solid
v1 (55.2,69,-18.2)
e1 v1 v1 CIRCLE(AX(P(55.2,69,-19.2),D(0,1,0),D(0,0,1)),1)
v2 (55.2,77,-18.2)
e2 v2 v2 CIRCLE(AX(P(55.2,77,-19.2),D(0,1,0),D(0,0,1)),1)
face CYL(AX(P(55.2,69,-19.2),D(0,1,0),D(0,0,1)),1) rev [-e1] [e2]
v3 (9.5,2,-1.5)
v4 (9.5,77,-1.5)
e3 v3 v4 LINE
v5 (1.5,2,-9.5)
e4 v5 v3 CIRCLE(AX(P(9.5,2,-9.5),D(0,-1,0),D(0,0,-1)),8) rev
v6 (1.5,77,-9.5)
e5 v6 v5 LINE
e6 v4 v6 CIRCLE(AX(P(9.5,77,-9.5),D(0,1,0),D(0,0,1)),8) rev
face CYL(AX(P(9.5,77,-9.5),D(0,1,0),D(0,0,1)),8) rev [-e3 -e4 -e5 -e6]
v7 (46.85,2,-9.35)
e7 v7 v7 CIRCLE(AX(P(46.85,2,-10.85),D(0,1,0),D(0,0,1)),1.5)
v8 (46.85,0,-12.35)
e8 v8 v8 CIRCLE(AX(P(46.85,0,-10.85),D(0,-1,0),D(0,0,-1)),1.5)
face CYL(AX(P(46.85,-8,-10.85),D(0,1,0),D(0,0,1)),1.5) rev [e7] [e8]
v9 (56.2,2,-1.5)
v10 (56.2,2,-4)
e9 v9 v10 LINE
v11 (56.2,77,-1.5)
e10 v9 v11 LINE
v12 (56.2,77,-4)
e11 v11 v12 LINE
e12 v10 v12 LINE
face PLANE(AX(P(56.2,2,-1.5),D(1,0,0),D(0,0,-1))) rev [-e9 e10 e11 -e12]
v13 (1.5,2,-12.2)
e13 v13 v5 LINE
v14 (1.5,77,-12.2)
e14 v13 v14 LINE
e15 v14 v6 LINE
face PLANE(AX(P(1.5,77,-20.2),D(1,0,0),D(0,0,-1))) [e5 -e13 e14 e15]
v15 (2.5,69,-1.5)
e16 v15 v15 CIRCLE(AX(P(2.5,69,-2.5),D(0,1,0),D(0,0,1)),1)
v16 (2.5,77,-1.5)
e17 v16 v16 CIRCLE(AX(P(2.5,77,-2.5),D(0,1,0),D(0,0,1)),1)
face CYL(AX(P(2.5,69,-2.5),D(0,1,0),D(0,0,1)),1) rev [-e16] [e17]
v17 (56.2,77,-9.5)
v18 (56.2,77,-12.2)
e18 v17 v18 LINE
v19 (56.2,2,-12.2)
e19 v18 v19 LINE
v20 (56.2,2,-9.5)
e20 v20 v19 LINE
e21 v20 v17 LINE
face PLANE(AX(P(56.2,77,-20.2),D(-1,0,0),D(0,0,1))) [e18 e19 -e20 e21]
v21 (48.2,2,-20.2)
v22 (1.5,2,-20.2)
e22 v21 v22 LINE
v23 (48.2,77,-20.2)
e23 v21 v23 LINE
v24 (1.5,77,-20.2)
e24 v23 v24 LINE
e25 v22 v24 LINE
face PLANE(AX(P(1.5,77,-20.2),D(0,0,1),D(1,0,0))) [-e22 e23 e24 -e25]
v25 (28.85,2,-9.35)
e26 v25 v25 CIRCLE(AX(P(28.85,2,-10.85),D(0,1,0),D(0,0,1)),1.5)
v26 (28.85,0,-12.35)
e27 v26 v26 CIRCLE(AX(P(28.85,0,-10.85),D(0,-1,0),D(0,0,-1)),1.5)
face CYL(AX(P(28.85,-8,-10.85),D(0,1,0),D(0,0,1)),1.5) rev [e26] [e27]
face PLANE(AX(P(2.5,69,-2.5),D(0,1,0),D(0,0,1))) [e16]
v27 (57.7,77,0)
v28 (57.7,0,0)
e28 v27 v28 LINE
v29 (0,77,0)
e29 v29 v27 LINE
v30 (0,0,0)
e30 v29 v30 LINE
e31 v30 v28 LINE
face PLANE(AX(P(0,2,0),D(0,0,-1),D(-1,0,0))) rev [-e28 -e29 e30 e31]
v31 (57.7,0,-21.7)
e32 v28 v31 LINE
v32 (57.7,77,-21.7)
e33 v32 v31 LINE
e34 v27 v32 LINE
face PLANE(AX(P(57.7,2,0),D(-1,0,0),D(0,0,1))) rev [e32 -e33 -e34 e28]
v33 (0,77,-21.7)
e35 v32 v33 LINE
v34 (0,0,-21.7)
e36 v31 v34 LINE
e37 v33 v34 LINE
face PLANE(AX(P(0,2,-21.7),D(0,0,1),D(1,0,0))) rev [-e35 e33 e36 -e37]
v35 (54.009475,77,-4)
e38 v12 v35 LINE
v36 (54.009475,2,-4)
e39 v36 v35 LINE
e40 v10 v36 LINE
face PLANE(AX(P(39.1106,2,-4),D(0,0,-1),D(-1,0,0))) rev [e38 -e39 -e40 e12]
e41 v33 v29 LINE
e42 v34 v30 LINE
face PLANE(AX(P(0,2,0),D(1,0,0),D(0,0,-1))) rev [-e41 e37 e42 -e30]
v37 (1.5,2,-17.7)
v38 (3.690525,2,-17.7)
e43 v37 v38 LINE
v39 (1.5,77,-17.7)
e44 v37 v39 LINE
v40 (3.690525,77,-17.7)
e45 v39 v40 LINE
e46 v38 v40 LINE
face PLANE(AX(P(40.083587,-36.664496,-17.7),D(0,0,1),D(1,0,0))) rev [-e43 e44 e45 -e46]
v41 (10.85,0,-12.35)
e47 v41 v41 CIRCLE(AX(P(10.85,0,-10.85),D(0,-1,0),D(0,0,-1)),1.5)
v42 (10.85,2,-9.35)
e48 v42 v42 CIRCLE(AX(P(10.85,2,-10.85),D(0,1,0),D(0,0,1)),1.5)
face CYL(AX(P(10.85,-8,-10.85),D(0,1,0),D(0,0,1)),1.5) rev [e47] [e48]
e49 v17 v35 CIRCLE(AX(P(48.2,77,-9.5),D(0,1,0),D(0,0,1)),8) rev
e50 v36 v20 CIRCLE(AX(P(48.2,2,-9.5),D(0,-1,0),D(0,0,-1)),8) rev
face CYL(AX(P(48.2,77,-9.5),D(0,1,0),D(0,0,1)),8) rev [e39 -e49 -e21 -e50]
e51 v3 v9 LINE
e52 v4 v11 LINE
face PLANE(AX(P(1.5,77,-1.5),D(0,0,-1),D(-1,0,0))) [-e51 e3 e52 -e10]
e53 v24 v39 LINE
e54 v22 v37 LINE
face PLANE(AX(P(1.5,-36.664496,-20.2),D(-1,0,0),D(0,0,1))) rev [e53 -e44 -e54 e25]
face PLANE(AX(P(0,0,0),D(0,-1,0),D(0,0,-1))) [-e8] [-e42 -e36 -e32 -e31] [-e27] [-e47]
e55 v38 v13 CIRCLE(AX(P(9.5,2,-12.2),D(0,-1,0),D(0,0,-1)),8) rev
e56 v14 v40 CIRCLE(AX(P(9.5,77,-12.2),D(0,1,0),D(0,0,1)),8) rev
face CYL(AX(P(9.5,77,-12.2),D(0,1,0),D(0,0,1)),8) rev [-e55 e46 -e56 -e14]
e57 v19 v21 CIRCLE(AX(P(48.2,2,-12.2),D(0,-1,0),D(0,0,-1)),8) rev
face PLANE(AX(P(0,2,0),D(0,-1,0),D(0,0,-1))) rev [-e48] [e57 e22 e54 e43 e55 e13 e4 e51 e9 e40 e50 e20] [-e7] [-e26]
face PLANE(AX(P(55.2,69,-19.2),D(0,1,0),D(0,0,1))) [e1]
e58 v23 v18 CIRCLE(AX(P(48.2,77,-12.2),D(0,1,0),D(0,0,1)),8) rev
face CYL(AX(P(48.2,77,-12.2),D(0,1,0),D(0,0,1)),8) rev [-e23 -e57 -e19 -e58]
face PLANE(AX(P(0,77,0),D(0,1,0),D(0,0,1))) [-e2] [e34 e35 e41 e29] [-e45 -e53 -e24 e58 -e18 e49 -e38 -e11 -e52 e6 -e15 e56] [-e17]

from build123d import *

# Parameters (mm, degrees)
SKETCH1_W           = 57.7
SKETCH1_H           = 21.7
BOSS_EXTRUDE1_DEPTH = 2
SKETCH2_W           = 57.7
SKETCH2_H           = 21.7
SKETCH2_W_2         = 54.7
SKETCH2_H_2         = 18.7
BOSS_EXTRUDE2_DEPTH = 75
FILLET1_R           = 8
SKETCH3_W           = 38.583587397
SKETCH3_H           = 2.5
CUT_EXTRUDE1_DEPTH  = 75
SKETCH4_W           = 17.089400488
SKETCH4_H           = 2.5
CUT_EXTRUDE2_DEPTH  = 75
SKETCH5_R           = 1
CUT_EXTRUDE3_DEPTH  = 8
SKETCH6_R           = 1.5
CUT_EXTRUDE4_DEPTH  = 10


with BuildPart() as part:
    # Sketch1 → Boss-Extrude1 (new body)
    with BuildSketch(Plane(origin=(0, 0, 0), x_dir=(1, 0, 0), z_dir=(0, 1, 0))):
        with Locations((28.85, 10.85)):
            Rectangle(SKETCH1_W, SKETCH1_H)
    extrude(amount=BOSS_EXTRUDE1_DEPTH)

    # Sketch2 → Boss-Extrude2 (add)
    with BuildSketch(Plane(origin=(0, 2, 0), x_dir=(1, 0, 0), z_dir=(0, 1, 0))):
        with Locations((28.85, 10.85)):
            Rectangle(SKETCH2_W, SKETCH2_H)
        with Locations((28.85, 10.85)):
            Rectangle(SKETCH2_W_2, SKETCH2_H_2, mode=Mode.SUBTRACT)
    extrude(amount=BOSS_EXTRUDE2_DEPTH)

    # Fillet1
    fillet1_edges = [part.edges().sort_by_distance(p)[0] for p in [
        (1.5, 39.5, -20.2),
        (1.5, 39.5, -1.5),
        (56.2, 39.5, -1.5),
        (56.2, 39.5, -20.2),
    ]]
    fillet(fillet1_edges, radius=FILLET1_R)

    # Sketch3 → Cut-Extrude1 (cut)
    with BuildSketch(Plane(origin=(0, 77, 0), x_dir=(1, 0, 0), z_dir=(0, 1, 0))):
        with Locations((20.791793699, 18.95)):
            Rectangle(SKETCH3_W, SKETCH3_H)
    extrude(amount=-CUT_EXTRUDE1_DEPTH, mode=Mode.SUBTRACT)

    # Sketch4 → Cut-Extrude2 (cut)
    with BuildSketch(Plane(origin=(0, 77, 0), x_dir=(1, 0, 0), z_dir=(0, 1, 0))):
        with Locations((47.655299756, 2.75)):
            Rectangle(SKETCH4_W, SKETCH4_H)
    extrude(amount=-CUT_EXTRUDE2_DEPTH, mode=Mode.SUBTRACT)

    # Sketch5 → Cut-Extrude3 (cut)
    with BuildSketch(Plane(origin=(0, 77, 0), x_dir=(1, 0, 0), z_dir=(0, 1, 0))):
        with Locations(Location((55.2, 19.2, 0), (0, 0, 270))):
            Circle(SKETCH5_R)
        with Locations(Location((2.5, 2.5, 0), (0, 0, 270))):
            Circle(SKETCH5_R)
    extrude(amount=-CUT_EXTRUDE3_DEPTH, mode=Mode.SUBTRACT)

    # Sketch6 → Cut-Extrude4 (cut)
    with BuildSketch(Plane(origin=(0, 2, 0), x_dir=(1, 0, 0), z_dir=(0, 1, 0))):
        with Locations(Location((28.85, 10.85, 0), (0, 0, 270))):
            Circle(SKETCH6_R)
        with Locations(Location((10.85, 10.85, 0), (0, 0, 270))):
            Circle(SKETCH6_R)
        with Locations(Location((46.85, 10.85, 0), (0, 0, 270))):
            Circle(SKETCH6_R)
    extrude(amount=-CUT_EXTRUDE4_DEPTH, mode=Mode.SUBTRACT)


solid = part.part
